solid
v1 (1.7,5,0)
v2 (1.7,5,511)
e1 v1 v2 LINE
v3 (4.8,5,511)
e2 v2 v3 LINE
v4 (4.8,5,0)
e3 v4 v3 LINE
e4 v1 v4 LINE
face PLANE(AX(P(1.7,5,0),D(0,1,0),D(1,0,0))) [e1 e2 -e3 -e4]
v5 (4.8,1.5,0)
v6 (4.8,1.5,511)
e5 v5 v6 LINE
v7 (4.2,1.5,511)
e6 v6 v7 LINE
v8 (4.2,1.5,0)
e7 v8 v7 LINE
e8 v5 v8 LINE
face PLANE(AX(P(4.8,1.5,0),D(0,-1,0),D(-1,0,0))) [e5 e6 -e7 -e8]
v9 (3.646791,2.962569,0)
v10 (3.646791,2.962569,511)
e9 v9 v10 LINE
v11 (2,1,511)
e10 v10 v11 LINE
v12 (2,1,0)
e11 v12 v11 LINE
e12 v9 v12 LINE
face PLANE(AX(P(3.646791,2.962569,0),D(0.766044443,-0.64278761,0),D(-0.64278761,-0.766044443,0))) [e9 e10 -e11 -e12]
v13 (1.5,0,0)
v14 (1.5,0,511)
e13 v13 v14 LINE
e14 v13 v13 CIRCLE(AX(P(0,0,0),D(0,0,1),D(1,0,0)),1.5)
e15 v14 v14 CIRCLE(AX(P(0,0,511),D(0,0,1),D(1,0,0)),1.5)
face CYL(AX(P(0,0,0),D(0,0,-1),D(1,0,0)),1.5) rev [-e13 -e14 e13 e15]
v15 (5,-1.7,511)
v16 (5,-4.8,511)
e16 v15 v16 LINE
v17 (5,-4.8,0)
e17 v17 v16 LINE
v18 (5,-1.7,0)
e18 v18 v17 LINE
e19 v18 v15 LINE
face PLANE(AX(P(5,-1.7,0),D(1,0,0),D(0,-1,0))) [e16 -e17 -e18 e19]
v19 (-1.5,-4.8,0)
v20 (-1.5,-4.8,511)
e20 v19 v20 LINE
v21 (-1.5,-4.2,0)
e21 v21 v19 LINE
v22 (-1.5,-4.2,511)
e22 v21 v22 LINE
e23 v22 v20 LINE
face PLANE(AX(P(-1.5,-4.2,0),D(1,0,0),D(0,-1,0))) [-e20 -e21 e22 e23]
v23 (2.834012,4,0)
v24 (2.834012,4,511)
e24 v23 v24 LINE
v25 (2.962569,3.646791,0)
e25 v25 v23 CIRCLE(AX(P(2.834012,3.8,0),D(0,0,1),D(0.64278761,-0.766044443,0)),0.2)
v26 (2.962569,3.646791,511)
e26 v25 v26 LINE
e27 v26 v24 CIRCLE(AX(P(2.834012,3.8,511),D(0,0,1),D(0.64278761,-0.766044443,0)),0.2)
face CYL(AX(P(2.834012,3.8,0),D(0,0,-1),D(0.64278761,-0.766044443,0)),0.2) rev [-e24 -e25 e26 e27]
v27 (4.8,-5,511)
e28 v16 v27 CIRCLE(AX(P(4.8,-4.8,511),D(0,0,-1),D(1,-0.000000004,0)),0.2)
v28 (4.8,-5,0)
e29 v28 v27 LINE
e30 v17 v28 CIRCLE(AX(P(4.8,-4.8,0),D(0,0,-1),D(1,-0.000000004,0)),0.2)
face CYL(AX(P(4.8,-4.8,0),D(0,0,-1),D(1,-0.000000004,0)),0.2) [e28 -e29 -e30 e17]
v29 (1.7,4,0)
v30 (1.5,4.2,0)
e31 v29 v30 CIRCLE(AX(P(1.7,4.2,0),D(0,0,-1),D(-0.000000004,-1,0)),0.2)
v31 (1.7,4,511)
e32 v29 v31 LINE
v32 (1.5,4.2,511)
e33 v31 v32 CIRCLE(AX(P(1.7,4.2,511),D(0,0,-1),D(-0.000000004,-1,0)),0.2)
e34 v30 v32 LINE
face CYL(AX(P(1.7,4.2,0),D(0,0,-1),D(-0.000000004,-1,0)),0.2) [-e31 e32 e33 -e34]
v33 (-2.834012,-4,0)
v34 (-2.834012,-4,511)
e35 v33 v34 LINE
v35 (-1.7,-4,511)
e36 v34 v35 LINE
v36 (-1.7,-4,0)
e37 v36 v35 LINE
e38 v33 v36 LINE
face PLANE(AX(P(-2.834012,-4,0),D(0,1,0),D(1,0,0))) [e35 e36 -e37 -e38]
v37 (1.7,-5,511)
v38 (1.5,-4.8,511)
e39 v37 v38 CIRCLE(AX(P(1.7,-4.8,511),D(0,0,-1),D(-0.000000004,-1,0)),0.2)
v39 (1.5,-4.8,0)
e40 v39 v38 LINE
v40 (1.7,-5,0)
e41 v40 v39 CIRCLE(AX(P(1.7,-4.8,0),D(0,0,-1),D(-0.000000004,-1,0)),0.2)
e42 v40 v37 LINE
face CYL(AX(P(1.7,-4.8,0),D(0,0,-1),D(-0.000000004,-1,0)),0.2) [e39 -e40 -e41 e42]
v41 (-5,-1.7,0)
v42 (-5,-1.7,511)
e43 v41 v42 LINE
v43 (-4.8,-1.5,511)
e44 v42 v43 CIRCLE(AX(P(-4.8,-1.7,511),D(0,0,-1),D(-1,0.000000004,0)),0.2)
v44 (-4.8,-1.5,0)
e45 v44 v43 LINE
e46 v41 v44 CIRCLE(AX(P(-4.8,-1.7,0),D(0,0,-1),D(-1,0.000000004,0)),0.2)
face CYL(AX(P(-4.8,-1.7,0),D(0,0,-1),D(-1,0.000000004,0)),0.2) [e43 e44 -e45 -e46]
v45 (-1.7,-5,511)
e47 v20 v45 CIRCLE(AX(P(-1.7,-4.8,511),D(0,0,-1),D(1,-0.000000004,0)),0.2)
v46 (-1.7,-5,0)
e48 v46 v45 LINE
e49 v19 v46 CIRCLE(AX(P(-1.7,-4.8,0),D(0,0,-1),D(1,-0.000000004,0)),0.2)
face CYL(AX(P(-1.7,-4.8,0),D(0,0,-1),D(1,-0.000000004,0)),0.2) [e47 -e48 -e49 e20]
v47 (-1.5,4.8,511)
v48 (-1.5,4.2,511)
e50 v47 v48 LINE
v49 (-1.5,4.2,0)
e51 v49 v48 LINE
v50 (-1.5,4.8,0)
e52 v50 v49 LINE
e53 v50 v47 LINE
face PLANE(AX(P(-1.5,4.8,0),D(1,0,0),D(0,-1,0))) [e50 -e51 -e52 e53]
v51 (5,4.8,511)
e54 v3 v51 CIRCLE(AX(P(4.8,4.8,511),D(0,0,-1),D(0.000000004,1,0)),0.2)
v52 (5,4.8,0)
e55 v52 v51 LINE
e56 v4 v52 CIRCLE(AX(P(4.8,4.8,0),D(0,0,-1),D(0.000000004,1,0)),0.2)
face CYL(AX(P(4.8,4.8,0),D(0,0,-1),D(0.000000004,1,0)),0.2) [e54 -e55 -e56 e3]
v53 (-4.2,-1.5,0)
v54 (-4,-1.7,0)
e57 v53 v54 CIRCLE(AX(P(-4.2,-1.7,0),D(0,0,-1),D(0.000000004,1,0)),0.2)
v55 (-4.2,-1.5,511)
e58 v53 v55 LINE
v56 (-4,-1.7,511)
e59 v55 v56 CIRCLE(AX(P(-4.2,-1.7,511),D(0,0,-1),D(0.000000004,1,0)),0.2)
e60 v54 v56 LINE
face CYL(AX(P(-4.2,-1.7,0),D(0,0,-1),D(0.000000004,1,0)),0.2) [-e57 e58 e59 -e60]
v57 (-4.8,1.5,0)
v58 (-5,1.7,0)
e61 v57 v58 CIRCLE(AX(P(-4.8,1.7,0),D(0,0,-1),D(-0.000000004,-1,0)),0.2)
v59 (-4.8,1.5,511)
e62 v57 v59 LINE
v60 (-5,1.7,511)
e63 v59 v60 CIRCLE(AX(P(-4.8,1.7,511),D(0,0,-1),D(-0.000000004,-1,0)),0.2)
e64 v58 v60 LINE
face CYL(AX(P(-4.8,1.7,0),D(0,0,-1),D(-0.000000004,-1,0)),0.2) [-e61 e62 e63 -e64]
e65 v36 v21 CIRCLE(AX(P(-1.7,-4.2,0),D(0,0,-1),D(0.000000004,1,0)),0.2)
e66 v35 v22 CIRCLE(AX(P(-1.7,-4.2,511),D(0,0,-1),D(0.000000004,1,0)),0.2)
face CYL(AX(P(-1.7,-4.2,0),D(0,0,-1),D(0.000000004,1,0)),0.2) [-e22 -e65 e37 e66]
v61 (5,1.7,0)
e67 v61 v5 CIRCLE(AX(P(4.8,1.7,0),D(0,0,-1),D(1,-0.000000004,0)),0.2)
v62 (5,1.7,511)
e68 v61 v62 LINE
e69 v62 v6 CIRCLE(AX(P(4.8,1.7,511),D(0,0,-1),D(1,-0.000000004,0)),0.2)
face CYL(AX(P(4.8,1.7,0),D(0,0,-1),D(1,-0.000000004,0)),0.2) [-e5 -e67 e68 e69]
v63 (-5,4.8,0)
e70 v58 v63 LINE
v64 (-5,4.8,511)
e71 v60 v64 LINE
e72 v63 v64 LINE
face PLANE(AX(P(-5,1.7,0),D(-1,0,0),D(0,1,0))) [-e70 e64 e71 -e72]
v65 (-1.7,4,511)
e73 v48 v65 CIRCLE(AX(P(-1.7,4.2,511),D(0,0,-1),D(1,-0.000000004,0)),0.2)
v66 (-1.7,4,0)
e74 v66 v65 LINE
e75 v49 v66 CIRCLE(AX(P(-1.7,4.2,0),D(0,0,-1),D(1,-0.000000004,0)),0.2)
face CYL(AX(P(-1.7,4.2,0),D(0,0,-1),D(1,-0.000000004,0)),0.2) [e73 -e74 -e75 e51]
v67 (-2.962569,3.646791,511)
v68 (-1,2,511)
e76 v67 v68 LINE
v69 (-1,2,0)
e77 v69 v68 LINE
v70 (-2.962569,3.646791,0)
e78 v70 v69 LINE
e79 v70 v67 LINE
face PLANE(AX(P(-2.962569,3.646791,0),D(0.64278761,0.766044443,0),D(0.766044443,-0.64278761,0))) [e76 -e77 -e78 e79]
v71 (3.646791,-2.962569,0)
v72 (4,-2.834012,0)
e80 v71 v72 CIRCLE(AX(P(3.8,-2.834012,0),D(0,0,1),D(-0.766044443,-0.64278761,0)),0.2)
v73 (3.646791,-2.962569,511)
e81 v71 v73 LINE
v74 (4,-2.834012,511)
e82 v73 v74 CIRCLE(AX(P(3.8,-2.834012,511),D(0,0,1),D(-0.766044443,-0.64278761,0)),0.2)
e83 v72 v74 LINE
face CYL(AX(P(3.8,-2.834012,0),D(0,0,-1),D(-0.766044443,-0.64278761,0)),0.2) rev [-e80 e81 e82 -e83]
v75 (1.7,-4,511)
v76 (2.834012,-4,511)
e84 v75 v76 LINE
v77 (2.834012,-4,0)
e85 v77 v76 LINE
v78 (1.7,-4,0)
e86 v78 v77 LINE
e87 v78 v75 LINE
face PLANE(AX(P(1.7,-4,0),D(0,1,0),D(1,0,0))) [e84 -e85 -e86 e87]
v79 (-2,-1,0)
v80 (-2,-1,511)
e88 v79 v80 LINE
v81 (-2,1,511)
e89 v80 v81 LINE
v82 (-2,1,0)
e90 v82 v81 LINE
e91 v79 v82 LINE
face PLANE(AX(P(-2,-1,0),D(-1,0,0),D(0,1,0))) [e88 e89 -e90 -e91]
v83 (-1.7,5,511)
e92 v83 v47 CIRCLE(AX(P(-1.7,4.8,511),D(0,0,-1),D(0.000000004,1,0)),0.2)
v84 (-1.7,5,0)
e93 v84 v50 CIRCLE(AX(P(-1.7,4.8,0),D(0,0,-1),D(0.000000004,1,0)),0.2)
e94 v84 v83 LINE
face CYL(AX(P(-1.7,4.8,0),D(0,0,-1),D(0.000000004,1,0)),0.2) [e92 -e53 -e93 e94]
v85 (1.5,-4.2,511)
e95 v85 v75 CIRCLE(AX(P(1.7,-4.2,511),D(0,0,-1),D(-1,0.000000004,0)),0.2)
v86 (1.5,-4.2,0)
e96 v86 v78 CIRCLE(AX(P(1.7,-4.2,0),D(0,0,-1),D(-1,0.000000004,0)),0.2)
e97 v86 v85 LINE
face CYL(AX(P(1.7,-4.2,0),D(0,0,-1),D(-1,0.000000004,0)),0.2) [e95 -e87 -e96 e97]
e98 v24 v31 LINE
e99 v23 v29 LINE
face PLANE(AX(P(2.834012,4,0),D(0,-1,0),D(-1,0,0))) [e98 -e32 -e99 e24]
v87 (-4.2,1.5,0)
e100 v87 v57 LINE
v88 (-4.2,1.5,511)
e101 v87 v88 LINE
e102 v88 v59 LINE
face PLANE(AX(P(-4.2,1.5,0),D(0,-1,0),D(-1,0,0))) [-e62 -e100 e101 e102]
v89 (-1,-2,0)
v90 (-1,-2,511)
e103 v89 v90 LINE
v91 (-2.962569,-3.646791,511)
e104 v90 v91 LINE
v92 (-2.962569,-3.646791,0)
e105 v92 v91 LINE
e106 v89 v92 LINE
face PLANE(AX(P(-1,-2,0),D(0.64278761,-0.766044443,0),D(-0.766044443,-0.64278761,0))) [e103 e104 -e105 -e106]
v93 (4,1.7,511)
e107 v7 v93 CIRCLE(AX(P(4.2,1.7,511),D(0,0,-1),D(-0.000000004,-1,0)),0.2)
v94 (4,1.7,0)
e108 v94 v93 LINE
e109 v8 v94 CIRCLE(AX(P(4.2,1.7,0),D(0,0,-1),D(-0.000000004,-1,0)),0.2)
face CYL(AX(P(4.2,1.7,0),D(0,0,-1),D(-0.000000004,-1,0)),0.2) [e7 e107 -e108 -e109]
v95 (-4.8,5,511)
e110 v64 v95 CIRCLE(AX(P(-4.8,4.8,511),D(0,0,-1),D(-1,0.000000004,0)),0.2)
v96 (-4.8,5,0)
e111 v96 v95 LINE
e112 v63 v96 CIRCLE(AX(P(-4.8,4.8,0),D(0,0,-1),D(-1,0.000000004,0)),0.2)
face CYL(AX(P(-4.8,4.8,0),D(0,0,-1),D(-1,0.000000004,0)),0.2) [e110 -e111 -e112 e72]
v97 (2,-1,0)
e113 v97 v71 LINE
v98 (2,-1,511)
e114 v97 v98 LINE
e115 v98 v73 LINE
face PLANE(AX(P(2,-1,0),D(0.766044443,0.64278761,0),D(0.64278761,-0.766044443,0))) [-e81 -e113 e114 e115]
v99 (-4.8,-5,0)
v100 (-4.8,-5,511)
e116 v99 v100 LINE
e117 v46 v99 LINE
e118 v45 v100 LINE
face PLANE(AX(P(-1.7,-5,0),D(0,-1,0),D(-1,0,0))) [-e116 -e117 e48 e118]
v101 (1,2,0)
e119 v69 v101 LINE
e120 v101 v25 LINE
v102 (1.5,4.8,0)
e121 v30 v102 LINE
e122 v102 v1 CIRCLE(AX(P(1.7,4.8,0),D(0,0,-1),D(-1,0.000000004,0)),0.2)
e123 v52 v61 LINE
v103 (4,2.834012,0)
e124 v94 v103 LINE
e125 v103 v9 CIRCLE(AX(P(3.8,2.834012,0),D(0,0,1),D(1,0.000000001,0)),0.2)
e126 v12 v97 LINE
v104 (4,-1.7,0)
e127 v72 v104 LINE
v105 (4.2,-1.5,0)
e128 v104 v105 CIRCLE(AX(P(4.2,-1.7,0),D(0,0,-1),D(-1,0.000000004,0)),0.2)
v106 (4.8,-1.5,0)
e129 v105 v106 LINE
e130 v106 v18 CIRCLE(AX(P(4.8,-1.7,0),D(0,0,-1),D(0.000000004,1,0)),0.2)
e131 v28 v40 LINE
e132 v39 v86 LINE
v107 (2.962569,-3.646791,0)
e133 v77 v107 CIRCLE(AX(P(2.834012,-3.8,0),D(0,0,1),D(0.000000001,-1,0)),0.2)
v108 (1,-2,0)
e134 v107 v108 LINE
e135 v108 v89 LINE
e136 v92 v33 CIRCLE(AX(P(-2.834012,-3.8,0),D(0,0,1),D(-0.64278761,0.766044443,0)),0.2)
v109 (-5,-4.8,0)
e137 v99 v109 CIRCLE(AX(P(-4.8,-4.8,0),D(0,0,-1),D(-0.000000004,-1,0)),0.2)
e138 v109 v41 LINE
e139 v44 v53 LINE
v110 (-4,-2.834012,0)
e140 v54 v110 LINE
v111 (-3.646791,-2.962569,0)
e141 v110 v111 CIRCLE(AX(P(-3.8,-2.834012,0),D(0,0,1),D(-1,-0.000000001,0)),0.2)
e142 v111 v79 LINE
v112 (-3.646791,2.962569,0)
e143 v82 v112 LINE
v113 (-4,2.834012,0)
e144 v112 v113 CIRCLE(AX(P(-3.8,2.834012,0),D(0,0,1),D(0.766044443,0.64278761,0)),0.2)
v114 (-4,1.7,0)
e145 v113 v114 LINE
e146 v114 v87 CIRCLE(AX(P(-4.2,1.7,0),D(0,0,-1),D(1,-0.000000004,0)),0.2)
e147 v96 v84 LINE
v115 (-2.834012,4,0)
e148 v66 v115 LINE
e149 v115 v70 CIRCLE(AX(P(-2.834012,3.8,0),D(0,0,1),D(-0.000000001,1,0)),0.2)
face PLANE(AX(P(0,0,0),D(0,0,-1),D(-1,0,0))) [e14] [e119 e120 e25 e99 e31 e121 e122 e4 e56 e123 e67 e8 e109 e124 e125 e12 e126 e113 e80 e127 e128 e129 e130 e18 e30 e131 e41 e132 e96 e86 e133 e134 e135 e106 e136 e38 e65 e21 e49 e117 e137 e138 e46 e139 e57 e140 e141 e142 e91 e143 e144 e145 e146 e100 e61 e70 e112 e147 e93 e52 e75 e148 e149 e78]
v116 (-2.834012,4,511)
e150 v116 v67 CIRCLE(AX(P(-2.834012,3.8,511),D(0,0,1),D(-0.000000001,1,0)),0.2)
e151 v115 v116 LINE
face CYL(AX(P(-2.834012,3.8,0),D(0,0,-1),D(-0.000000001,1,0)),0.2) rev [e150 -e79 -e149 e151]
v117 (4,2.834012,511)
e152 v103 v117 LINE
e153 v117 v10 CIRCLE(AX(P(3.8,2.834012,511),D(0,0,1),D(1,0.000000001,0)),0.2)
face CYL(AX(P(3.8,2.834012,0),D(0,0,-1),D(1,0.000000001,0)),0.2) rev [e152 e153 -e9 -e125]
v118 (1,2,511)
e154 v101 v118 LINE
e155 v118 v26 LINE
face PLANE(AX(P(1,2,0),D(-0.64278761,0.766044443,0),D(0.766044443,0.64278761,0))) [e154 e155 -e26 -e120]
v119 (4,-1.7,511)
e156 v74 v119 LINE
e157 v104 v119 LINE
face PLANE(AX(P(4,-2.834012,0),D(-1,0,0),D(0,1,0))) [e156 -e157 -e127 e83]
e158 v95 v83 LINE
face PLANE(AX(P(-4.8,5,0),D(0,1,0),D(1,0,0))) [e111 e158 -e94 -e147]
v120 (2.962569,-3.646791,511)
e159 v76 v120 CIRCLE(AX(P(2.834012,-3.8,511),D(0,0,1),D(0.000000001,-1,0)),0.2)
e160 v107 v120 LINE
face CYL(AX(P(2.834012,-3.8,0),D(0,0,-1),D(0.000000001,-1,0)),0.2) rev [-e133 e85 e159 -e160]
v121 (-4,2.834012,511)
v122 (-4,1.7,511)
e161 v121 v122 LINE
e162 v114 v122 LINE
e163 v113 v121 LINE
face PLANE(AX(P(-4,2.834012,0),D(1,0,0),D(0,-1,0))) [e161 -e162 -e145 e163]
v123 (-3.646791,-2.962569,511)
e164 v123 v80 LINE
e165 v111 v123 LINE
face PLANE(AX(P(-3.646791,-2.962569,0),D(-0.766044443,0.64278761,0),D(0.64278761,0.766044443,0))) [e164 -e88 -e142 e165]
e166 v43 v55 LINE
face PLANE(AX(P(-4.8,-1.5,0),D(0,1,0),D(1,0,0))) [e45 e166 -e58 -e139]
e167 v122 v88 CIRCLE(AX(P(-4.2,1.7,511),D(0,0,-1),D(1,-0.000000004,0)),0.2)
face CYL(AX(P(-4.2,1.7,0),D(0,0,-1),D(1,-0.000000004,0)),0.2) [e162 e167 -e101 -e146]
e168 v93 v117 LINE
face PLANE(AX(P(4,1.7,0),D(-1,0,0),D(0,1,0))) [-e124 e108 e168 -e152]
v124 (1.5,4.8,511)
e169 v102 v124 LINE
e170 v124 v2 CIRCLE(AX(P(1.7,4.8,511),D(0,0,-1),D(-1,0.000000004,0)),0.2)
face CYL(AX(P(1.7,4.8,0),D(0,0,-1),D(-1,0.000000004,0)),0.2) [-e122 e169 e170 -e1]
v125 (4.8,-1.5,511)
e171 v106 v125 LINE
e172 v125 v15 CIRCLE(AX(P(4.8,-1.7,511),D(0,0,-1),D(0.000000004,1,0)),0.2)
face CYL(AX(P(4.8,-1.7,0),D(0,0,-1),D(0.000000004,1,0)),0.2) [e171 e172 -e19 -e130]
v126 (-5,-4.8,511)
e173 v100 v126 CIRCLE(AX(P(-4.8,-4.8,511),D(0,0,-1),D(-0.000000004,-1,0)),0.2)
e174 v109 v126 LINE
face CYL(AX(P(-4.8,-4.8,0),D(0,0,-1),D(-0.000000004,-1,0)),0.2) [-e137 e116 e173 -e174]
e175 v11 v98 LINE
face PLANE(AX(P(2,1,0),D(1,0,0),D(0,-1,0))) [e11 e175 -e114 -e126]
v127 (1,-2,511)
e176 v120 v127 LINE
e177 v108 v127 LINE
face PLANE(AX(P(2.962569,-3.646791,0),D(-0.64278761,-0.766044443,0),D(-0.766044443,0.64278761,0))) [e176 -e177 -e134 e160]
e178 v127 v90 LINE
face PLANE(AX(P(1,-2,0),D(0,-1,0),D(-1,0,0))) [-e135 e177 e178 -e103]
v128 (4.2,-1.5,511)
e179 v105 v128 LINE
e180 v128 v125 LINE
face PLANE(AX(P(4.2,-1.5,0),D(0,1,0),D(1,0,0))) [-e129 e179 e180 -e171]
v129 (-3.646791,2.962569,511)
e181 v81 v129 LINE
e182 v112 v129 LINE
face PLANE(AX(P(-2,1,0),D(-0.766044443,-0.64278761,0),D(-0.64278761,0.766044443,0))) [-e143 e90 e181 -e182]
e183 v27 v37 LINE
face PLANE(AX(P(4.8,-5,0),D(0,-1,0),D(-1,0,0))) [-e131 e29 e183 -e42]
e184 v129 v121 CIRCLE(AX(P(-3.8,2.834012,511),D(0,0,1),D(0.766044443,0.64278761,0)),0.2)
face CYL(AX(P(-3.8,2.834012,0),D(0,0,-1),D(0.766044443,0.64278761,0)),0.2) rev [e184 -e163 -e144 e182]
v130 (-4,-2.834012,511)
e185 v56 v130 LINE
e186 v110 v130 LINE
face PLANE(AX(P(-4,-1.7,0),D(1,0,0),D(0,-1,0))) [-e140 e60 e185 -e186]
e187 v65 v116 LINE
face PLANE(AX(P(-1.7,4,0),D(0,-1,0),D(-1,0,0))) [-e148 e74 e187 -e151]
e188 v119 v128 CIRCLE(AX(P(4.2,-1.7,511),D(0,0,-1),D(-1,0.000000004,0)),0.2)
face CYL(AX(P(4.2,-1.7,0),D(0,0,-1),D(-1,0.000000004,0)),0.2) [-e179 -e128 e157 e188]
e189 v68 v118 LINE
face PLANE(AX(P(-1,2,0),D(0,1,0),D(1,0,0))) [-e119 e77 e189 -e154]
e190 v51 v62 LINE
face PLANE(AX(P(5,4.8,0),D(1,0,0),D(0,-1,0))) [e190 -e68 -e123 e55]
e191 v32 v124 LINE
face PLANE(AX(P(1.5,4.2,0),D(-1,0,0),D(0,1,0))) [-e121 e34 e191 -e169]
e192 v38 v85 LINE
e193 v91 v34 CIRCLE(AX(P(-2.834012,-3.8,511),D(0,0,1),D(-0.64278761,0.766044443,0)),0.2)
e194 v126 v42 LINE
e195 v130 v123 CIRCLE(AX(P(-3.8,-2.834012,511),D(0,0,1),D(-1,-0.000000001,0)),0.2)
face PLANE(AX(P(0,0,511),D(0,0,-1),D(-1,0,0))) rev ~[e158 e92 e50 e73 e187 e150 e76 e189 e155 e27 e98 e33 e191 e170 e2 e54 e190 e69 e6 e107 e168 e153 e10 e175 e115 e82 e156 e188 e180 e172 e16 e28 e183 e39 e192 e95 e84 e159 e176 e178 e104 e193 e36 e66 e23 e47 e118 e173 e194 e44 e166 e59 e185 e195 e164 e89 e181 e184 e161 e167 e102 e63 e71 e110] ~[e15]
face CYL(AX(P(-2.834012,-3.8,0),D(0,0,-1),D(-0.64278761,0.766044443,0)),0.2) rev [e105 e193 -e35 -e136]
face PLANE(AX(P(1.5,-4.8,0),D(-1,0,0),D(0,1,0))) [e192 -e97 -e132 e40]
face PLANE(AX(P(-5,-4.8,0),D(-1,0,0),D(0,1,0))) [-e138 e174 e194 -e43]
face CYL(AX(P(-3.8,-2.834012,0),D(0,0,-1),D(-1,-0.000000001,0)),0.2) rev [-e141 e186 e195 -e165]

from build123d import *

# Parameters (mm, degrees)
SKETCH1_R           = 1.5
BOSS_EXTRUDE1_DEPTH = 511


with BuildPart() as part:
    # Sketch1 → Boss-Extrude1 (new body)
    with BuildSketch(Plane.XY):
        with BuildLine():
            Line((-4.8, 5), (-1.7, 5))
            ThreePointArc((-1.7, 5), (-1.558578644, 4.941421356), (-1.5, 4.8))
            Line((-1.5, 4.8), (-1.5, 4.2))
            ThreePointArc((-1.5, 4.2), (-1.558578644, 4.058578644), (-1.7, 4))
            Line((-1.7, 4), (-2.834011701, 4))
            ThreePointArc((-2.834011701, 4), (-3.021950225, 3.868404029), (-2.962569223, 3.646791111))
            Line((-2.962569223, 3.646791111), (-1, 2))
            Line((-1, 2), (1, 2))
            Line((1, 2), (2.962569223, 3.646791111))
            ThreePointArc((2.962569223, 3.646791111), (3.021950225, 3.868404029), (2.834011701, 4))
            Line((2.834011701, 4), (1.7, 4))
            ThreePointArc((1.7, 4), (1.558578644, 4.058578644), (1.5, 4.2))
            Line((1.5, 4.2), (1.5, 4.8))
            ThreePointArc((1.5, 4.8), (1.558578644, 4.941421356), (1.7, 5))
            Line((1.7, 5), (4.8, 5))
            ThreePointArc((4.8, 5), (4.941421356, 4.941421356), (5, 4.8))
            Line((5, 4.8), (5, 1.7))
            ThreePointArc((5, 1.7), (4.941421356, 1.558578644), (4.8, 1.5))
            Line((4.8, 1.5), (4.2, 1.5))
            ThreePointArc((4.2, 1.5), (4.058578644, 1.558578644), (4, 1.7))
            Line((4, 1.7), (4, 2.834011701))
            ThreePointArc((4, 2.834011701), (3.868404029, 3.021950225), (3.646791111, 2.962569223))
            Line((3.646791111, 2.962569223), (2, 1))
            Line((2, 1), (2, -1))
            Line((2, -1), (3.646791111, -2.962569223))
            ThreePointArc((3.646791111, -2.962569223), (3.868404029, -3.021950225), (4, -2.834011701))
            Line((4, -2.834011701), (4, -1.7))
            ThreePointArc((4, -1.7), (4.058578644, -1.558578644), (4.2, -1.5))
            Line((4.2, -1.5), (4.8, -1.5))
            ThreePointArc((4.8, -1.5), (4.941421356, -1.558578644), (5, -1.7))
            Line((5, -1.7), (5, -4.8))
            ThreePointArc((5, -4.8), (4.941421356, -4.941421356), (4.8, -5))
            Line((4.8, -5), (1.7, -5))
            ThreePointArc((1.7, -5), (1.558578644, -4.941421356), (1.5, -4.8))
            Line((1.5, -4.8), (1.5, -4.2))
            ThreePointArc((1.5, -4.2), (1.558578644, -4.058578644), (1.7, -4))
            Line((1.7, -4), (2.834011701, -4))
            ThreePointArc((2.834011701, -4), (3.021950225, -3.868404029), (2.962569223, -3.646791111))
            Line((2.962569223, -3.646791111), (1, -2))
            Line((1, -2), (-1, -2))
            Line((-1, -2), (-2.962569223, -3.646791111))
            ThreePointArc((-2.962569223, -3.646791111), (-3.021950225, -3.868404029), (-2.834011701, -4))
            Line((-2.834011701, -4), (-1.7, -4))
            ThreePointArc((-1.7, -4), (-1.558578644, -4.058578644), (-1.5, -4.2))
            Line((-1.5, -4.2), (-1.5, -4.8))
            ThreePointArc((-1.5, -4.8), (-1.558578644, -4.941421356), (-1.7, -5))
            Line((-1.7, -5), (-4.8, -5))
            ThreePointArc((-4.8, -5), (-4.941421356, -4.941421356), (-5, -4.8))
            Line((-5, -4.8), (-5, -1.7))
            ThreePointArc((-5, -1.7), (-4.941421356, -1.558578644), (-4.8, -1.5))
            Line((-4.8, -1.5), (-4.2, -1.5))
            ThreePointArc((-4.2, -1.5), (-4.058578644, -1.558578644), (-4, -1.7))
            Line((-4, -1.7), (-4, -2.834011701))
            ThreePointArc((-4, -2.834011701), (-3.868404029, -3.021950225), (-3.646791111, -2.962569223))
            Line((-3.646791111, -2.962569223), (-2, -1))
            Line((-2, -1), (-2, 1))
            Line((-2, 1), (-3.646791111, 2.962569223))
            ThreePointArc((-3.646791111, 2.962569223), (-3.868404029, 3.021950225), (-4, 2.834011701))
            Line((-4, 2.834011701), (-4, 1.7))
            ThreePointArc((-4, 1.7), (-4.058578644, 1.558578644), (-4.2, 1.5))
            Line((-4.2, 1.5), (-4.8, 1.5))
            ThreePointArc((-4.8, 1.5), (-4.941421356, 1.558578644), (-5, 1.7))
            Line((-5, 1.7), (-5, 4.8))
            ThreePointArc((-5, 4.8), (-4.941421356, 4.941421356), (-4.8, 5))
        make_face()
        Circle(SKETCH1_R, mode=Mode.SUBTRACT)
    extrude(amount=BOSS_EXTRUDE1_DEPTH)


solid = part.part
